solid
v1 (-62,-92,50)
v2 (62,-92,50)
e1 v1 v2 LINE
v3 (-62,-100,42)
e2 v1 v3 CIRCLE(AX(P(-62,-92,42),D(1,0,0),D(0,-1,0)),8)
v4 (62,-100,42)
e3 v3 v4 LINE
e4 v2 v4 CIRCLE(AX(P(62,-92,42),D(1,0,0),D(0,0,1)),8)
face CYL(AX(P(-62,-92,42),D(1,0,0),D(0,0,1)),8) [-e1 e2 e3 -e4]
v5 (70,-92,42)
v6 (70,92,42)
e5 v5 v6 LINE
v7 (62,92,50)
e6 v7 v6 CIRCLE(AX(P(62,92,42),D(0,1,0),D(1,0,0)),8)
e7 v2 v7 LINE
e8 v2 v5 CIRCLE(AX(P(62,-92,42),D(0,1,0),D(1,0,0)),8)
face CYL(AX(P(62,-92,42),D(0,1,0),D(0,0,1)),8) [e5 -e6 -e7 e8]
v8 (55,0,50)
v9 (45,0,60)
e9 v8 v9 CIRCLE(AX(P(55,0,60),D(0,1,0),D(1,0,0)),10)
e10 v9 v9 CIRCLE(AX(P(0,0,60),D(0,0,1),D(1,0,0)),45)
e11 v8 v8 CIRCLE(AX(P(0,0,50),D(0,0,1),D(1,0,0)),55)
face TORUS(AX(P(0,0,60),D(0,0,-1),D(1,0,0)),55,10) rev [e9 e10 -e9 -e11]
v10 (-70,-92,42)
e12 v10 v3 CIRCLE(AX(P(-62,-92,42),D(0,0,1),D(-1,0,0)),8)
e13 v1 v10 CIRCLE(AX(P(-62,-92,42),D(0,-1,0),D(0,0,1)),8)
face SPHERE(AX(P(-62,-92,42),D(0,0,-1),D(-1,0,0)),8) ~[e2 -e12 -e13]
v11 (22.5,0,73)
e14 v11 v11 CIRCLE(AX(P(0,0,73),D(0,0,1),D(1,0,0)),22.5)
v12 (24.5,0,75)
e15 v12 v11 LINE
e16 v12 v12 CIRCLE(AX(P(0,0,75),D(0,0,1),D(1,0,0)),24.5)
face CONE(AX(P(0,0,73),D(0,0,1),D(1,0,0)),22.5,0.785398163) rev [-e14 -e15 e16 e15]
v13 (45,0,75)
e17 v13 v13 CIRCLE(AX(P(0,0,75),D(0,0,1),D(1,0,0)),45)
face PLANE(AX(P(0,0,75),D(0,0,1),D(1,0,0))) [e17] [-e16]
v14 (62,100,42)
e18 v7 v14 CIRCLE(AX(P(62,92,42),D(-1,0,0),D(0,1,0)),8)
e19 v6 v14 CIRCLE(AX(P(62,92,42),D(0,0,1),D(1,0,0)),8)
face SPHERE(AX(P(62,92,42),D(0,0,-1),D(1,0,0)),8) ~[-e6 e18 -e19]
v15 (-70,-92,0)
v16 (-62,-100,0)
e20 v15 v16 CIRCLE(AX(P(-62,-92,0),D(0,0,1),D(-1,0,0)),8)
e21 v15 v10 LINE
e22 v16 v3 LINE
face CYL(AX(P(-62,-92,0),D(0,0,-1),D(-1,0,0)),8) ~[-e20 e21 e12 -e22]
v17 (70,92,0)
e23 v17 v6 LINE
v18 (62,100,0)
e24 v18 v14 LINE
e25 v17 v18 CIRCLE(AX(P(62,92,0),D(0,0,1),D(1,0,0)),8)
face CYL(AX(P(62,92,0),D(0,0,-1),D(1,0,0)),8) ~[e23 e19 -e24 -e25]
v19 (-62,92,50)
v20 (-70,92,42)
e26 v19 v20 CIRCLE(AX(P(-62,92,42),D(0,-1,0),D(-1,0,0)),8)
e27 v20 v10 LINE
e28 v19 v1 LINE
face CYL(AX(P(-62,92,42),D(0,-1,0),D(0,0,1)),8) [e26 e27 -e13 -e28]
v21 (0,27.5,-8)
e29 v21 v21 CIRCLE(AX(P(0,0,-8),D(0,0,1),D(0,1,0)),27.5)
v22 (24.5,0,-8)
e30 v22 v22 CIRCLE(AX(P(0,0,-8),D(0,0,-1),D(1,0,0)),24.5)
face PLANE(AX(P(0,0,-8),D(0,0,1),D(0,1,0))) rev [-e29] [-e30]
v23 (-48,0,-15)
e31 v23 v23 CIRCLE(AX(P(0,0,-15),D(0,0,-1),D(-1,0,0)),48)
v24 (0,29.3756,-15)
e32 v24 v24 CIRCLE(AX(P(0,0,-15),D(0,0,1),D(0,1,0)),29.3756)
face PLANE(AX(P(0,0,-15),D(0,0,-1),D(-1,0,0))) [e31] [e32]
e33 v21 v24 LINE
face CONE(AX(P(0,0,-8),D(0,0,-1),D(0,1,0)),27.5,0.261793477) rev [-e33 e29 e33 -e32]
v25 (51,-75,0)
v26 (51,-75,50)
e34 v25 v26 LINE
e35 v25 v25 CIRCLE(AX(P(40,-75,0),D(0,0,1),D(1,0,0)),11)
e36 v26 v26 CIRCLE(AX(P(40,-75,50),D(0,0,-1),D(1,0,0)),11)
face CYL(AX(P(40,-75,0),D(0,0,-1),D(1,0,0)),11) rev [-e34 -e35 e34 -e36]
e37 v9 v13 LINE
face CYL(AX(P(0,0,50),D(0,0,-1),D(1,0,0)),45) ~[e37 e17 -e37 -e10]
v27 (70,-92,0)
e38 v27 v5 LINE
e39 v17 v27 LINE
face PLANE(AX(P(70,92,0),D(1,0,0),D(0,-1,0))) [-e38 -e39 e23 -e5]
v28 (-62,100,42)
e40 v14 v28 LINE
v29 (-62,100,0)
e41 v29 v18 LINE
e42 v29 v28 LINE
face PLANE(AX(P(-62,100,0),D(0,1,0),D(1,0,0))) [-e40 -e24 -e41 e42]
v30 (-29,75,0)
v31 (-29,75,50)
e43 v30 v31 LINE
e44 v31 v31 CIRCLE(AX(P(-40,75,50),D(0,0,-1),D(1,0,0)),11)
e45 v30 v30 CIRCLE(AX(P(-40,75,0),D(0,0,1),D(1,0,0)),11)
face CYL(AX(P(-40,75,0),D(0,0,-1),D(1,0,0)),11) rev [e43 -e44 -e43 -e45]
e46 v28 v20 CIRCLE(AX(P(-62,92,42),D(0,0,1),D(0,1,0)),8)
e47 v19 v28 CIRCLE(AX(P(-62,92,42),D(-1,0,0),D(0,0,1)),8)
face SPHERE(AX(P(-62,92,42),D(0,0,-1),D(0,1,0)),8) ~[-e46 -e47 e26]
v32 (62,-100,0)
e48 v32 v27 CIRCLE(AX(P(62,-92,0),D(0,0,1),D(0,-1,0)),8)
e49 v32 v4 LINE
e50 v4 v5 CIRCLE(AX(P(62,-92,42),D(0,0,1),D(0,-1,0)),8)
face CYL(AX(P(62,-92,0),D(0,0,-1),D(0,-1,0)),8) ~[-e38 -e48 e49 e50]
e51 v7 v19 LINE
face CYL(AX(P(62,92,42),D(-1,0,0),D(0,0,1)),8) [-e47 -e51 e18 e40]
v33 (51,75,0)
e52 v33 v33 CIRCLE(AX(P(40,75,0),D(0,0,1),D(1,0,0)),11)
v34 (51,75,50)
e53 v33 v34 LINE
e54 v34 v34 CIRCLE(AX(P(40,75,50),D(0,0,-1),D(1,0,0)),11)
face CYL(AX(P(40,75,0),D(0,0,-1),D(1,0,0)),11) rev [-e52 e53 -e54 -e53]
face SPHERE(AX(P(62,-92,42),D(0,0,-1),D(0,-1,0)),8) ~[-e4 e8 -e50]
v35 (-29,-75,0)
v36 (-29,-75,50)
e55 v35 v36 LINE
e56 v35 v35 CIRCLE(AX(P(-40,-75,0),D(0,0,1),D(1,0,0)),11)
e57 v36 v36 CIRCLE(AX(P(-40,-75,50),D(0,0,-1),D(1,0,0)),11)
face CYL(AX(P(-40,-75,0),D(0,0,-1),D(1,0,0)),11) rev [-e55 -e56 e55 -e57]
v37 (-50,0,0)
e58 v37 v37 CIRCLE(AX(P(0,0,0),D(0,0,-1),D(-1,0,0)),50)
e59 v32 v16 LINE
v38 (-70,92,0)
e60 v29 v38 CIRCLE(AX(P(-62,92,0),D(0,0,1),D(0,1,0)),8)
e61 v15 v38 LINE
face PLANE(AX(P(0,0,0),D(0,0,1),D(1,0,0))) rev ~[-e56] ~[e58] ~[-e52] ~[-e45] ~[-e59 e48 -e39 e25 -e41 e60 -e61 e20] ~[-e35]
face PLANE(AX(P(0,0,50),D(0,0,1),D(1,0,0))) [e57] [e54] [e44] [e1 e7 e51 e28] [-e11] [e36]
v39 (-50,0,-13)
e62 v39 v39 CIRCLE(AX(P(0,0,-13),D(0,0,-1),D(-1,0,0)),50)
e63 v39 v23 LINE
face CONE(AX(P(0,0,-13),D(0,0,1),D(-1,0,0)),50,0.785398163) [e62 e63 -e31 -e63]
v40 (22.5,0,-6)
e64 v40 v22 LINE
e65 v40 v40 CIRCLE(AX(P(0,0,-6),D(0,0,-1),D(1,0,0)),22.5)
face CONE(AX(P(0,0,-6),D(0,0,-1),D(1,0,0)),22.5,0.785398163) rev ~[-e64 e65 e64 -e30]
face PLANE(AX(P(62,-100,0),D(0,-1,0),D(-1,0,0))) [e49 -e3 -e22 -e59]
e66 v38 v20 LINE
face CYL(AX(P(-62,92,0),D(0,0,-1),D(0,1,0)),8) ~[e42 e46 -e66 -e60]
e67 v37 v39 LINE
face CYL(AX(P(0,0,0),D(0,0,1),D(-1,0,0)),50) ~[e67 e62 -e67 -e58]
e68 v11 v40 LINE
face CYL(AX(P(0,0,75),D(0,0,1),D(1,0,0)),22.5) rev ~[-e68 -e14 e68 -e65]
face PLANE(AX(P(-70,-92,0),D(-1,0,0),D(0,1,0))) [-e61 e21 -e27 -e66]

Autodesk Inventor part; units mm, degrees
ref_plane "YZ Plane" through (0, 0, 0) normal (1, 0, 0) x (0, 1, 0)
ref_plane "XZ Plane" through (0, 0, 0) normal (0, 1, 0) x (-1, 0, 0)
ref_plane "XY Plane" through (0, 0, 0) normal (0, 0, 1) x (1, 0, 0)
ref_plane "РабПлоскость1" through (0, 0, 0) normal (0, 0, 1) x (1, 0, 0)
sketch "Эскиз1" plane through (0, 0, 0) normal (0, 0, 1) x (1, 0, 0)
  line L0 (-70, -92) -> (-70, 92)
  line L1 (-62, 100) -> (62, 100)
  line L2 (70, 92) -> (70, -92)
  line L3 (62, -100) -> (-62, -100)
  line L4 (-70, -100) -> (70, 100) construction
  line L5 (-70, 100) -> (70, -100) construction
  arc A0 (-62, 100) -> (-70, 92) centre (-62, 92) ccw
  arc A1 (-70, -92) -> (-62, -100) centre (-62, -92) ccw
  arc A2 (62, -100) -> (70, -92) centre (62, -92) ccw
  arc A3 (70, 92) -> (62, 100) centre (62, 92) ccw
  line L6 (0, 75) -> (-40, 75)
  line L7 (-40, 75) -> (40, 75)
  line L8 (40, 75) -> (40, -75)
  line L9 (40, -75) -> (-40, -75)
  line L10 (-40, -75) -> (-40, 75)
  circle A4 centre (-40, 75) radius 11
  circle A5 centre (40, 75) radius 11
  circle A6 centre (-40, -75) radius 11
  circle A7 centre (40, -75) radius 11
  point P0 (0, 0)
  point P1 (0, 0)
  dimension "d24" = 200
  dimension "d25" = 140
  dimension "d26" = 8
  dimension "d27" = 8
  dimension "d28" = 8
  dimension "d29" = 8
  dimension "d31" = 40
  dimension "d32" = 80
  dimension "d33" = 150
  dimension "d34" = 22
  dimension "d35" = 22
  dimension "d36" = 22
  dimension "d37" = 22
extrude "Выдавливание1" add sketch "Эскиз1" along normal blind 50 contours L0 A0 L1 A3 L2 A2 L3 A1 | L7 A5 L8 A7 L9 A6 L10 A4 L6
sketch "Эскиз2" plane through (0, 0, 0) normal (0, 0, -1) x (-1, 0, 0)
  circle A0 centre (0, 0) radius 50
  dimension "d2" = 100
extrude "Выдавливание2" add sketch "Эскиз2" along normal blind 15
sketch "Эскиз3" plane through (0, 0, 50) normal (0, 0, 1) x (1, 0, 0)
  circle A0 centre (0, 0) radius 45
  dimension "d5" = 90
extrude "Выдавливание3" add sketch "Эскиз3" along normal blind 25
fillet "Сопряжение1" radius 10 1 edges at (-45, 0, 50)
sketch "Эскиз4" plane through (0, 0, 75) normal (0, 0, 1) x (1, 0, 0)
  circle A0 centre (0, 0) radius 55 projected
  circle A1 centre (0, 0) radius 22.5
  dimension "d9" = 45
extrude "Выдавливание4" cut sketch "Эскиз4" against normal through all contours A1
chamfer "Фаска1" distance 2 angle 45 3 edges at (-22.5, 0, 75) (50, 0, -15) (-22.5, 0, -15)
sketch "Эскиз5" plane through (0, 0, 0) normal (1, 0, 0) x (0, 1, 0)
  line L0 (-24.5, -15) -> (24.5, -15) projected
  line L1 (48, -15) -> (-48, -15) projected
  line L2 (22.5, 73) -> (22.5, -13) projected
  line L3 (22.5, -15) -> (22.5, -8)
  line L4 (22.5, -8) -> (27.5, -8)
  line L5 (27.5, -8) -> (29.3756, -15)
  line L6 (0, -32.6) -> (0, 90.6) projected
  point P0 (0, 0)
  dimension "d15" = 7
  dimension "d16" = 5
  dimension "d17" = 105
revolve "Вращение1" cut sketch "Эскиз5" angle 360 about axis through (0, 0, -10) along (0, 0, 1)
chamfer "Фаска2" distance 2 angle 45 1 edges at (-22.5, 0, -8)
fillet "Сопряжение2" radius 8 8 edges at (67.6569, 97.6569, 50) (0, 100, 50) (-67.6569, 97.6569, 50) (-70, 0, 50) (-67.6569, -97.6569, 50) (0, -100, 50) (67.6569, -97.6569, 50) (70, 0, 50)
properties part number "Фланецгайка_CPY" material "Сталь, углеродистая"
